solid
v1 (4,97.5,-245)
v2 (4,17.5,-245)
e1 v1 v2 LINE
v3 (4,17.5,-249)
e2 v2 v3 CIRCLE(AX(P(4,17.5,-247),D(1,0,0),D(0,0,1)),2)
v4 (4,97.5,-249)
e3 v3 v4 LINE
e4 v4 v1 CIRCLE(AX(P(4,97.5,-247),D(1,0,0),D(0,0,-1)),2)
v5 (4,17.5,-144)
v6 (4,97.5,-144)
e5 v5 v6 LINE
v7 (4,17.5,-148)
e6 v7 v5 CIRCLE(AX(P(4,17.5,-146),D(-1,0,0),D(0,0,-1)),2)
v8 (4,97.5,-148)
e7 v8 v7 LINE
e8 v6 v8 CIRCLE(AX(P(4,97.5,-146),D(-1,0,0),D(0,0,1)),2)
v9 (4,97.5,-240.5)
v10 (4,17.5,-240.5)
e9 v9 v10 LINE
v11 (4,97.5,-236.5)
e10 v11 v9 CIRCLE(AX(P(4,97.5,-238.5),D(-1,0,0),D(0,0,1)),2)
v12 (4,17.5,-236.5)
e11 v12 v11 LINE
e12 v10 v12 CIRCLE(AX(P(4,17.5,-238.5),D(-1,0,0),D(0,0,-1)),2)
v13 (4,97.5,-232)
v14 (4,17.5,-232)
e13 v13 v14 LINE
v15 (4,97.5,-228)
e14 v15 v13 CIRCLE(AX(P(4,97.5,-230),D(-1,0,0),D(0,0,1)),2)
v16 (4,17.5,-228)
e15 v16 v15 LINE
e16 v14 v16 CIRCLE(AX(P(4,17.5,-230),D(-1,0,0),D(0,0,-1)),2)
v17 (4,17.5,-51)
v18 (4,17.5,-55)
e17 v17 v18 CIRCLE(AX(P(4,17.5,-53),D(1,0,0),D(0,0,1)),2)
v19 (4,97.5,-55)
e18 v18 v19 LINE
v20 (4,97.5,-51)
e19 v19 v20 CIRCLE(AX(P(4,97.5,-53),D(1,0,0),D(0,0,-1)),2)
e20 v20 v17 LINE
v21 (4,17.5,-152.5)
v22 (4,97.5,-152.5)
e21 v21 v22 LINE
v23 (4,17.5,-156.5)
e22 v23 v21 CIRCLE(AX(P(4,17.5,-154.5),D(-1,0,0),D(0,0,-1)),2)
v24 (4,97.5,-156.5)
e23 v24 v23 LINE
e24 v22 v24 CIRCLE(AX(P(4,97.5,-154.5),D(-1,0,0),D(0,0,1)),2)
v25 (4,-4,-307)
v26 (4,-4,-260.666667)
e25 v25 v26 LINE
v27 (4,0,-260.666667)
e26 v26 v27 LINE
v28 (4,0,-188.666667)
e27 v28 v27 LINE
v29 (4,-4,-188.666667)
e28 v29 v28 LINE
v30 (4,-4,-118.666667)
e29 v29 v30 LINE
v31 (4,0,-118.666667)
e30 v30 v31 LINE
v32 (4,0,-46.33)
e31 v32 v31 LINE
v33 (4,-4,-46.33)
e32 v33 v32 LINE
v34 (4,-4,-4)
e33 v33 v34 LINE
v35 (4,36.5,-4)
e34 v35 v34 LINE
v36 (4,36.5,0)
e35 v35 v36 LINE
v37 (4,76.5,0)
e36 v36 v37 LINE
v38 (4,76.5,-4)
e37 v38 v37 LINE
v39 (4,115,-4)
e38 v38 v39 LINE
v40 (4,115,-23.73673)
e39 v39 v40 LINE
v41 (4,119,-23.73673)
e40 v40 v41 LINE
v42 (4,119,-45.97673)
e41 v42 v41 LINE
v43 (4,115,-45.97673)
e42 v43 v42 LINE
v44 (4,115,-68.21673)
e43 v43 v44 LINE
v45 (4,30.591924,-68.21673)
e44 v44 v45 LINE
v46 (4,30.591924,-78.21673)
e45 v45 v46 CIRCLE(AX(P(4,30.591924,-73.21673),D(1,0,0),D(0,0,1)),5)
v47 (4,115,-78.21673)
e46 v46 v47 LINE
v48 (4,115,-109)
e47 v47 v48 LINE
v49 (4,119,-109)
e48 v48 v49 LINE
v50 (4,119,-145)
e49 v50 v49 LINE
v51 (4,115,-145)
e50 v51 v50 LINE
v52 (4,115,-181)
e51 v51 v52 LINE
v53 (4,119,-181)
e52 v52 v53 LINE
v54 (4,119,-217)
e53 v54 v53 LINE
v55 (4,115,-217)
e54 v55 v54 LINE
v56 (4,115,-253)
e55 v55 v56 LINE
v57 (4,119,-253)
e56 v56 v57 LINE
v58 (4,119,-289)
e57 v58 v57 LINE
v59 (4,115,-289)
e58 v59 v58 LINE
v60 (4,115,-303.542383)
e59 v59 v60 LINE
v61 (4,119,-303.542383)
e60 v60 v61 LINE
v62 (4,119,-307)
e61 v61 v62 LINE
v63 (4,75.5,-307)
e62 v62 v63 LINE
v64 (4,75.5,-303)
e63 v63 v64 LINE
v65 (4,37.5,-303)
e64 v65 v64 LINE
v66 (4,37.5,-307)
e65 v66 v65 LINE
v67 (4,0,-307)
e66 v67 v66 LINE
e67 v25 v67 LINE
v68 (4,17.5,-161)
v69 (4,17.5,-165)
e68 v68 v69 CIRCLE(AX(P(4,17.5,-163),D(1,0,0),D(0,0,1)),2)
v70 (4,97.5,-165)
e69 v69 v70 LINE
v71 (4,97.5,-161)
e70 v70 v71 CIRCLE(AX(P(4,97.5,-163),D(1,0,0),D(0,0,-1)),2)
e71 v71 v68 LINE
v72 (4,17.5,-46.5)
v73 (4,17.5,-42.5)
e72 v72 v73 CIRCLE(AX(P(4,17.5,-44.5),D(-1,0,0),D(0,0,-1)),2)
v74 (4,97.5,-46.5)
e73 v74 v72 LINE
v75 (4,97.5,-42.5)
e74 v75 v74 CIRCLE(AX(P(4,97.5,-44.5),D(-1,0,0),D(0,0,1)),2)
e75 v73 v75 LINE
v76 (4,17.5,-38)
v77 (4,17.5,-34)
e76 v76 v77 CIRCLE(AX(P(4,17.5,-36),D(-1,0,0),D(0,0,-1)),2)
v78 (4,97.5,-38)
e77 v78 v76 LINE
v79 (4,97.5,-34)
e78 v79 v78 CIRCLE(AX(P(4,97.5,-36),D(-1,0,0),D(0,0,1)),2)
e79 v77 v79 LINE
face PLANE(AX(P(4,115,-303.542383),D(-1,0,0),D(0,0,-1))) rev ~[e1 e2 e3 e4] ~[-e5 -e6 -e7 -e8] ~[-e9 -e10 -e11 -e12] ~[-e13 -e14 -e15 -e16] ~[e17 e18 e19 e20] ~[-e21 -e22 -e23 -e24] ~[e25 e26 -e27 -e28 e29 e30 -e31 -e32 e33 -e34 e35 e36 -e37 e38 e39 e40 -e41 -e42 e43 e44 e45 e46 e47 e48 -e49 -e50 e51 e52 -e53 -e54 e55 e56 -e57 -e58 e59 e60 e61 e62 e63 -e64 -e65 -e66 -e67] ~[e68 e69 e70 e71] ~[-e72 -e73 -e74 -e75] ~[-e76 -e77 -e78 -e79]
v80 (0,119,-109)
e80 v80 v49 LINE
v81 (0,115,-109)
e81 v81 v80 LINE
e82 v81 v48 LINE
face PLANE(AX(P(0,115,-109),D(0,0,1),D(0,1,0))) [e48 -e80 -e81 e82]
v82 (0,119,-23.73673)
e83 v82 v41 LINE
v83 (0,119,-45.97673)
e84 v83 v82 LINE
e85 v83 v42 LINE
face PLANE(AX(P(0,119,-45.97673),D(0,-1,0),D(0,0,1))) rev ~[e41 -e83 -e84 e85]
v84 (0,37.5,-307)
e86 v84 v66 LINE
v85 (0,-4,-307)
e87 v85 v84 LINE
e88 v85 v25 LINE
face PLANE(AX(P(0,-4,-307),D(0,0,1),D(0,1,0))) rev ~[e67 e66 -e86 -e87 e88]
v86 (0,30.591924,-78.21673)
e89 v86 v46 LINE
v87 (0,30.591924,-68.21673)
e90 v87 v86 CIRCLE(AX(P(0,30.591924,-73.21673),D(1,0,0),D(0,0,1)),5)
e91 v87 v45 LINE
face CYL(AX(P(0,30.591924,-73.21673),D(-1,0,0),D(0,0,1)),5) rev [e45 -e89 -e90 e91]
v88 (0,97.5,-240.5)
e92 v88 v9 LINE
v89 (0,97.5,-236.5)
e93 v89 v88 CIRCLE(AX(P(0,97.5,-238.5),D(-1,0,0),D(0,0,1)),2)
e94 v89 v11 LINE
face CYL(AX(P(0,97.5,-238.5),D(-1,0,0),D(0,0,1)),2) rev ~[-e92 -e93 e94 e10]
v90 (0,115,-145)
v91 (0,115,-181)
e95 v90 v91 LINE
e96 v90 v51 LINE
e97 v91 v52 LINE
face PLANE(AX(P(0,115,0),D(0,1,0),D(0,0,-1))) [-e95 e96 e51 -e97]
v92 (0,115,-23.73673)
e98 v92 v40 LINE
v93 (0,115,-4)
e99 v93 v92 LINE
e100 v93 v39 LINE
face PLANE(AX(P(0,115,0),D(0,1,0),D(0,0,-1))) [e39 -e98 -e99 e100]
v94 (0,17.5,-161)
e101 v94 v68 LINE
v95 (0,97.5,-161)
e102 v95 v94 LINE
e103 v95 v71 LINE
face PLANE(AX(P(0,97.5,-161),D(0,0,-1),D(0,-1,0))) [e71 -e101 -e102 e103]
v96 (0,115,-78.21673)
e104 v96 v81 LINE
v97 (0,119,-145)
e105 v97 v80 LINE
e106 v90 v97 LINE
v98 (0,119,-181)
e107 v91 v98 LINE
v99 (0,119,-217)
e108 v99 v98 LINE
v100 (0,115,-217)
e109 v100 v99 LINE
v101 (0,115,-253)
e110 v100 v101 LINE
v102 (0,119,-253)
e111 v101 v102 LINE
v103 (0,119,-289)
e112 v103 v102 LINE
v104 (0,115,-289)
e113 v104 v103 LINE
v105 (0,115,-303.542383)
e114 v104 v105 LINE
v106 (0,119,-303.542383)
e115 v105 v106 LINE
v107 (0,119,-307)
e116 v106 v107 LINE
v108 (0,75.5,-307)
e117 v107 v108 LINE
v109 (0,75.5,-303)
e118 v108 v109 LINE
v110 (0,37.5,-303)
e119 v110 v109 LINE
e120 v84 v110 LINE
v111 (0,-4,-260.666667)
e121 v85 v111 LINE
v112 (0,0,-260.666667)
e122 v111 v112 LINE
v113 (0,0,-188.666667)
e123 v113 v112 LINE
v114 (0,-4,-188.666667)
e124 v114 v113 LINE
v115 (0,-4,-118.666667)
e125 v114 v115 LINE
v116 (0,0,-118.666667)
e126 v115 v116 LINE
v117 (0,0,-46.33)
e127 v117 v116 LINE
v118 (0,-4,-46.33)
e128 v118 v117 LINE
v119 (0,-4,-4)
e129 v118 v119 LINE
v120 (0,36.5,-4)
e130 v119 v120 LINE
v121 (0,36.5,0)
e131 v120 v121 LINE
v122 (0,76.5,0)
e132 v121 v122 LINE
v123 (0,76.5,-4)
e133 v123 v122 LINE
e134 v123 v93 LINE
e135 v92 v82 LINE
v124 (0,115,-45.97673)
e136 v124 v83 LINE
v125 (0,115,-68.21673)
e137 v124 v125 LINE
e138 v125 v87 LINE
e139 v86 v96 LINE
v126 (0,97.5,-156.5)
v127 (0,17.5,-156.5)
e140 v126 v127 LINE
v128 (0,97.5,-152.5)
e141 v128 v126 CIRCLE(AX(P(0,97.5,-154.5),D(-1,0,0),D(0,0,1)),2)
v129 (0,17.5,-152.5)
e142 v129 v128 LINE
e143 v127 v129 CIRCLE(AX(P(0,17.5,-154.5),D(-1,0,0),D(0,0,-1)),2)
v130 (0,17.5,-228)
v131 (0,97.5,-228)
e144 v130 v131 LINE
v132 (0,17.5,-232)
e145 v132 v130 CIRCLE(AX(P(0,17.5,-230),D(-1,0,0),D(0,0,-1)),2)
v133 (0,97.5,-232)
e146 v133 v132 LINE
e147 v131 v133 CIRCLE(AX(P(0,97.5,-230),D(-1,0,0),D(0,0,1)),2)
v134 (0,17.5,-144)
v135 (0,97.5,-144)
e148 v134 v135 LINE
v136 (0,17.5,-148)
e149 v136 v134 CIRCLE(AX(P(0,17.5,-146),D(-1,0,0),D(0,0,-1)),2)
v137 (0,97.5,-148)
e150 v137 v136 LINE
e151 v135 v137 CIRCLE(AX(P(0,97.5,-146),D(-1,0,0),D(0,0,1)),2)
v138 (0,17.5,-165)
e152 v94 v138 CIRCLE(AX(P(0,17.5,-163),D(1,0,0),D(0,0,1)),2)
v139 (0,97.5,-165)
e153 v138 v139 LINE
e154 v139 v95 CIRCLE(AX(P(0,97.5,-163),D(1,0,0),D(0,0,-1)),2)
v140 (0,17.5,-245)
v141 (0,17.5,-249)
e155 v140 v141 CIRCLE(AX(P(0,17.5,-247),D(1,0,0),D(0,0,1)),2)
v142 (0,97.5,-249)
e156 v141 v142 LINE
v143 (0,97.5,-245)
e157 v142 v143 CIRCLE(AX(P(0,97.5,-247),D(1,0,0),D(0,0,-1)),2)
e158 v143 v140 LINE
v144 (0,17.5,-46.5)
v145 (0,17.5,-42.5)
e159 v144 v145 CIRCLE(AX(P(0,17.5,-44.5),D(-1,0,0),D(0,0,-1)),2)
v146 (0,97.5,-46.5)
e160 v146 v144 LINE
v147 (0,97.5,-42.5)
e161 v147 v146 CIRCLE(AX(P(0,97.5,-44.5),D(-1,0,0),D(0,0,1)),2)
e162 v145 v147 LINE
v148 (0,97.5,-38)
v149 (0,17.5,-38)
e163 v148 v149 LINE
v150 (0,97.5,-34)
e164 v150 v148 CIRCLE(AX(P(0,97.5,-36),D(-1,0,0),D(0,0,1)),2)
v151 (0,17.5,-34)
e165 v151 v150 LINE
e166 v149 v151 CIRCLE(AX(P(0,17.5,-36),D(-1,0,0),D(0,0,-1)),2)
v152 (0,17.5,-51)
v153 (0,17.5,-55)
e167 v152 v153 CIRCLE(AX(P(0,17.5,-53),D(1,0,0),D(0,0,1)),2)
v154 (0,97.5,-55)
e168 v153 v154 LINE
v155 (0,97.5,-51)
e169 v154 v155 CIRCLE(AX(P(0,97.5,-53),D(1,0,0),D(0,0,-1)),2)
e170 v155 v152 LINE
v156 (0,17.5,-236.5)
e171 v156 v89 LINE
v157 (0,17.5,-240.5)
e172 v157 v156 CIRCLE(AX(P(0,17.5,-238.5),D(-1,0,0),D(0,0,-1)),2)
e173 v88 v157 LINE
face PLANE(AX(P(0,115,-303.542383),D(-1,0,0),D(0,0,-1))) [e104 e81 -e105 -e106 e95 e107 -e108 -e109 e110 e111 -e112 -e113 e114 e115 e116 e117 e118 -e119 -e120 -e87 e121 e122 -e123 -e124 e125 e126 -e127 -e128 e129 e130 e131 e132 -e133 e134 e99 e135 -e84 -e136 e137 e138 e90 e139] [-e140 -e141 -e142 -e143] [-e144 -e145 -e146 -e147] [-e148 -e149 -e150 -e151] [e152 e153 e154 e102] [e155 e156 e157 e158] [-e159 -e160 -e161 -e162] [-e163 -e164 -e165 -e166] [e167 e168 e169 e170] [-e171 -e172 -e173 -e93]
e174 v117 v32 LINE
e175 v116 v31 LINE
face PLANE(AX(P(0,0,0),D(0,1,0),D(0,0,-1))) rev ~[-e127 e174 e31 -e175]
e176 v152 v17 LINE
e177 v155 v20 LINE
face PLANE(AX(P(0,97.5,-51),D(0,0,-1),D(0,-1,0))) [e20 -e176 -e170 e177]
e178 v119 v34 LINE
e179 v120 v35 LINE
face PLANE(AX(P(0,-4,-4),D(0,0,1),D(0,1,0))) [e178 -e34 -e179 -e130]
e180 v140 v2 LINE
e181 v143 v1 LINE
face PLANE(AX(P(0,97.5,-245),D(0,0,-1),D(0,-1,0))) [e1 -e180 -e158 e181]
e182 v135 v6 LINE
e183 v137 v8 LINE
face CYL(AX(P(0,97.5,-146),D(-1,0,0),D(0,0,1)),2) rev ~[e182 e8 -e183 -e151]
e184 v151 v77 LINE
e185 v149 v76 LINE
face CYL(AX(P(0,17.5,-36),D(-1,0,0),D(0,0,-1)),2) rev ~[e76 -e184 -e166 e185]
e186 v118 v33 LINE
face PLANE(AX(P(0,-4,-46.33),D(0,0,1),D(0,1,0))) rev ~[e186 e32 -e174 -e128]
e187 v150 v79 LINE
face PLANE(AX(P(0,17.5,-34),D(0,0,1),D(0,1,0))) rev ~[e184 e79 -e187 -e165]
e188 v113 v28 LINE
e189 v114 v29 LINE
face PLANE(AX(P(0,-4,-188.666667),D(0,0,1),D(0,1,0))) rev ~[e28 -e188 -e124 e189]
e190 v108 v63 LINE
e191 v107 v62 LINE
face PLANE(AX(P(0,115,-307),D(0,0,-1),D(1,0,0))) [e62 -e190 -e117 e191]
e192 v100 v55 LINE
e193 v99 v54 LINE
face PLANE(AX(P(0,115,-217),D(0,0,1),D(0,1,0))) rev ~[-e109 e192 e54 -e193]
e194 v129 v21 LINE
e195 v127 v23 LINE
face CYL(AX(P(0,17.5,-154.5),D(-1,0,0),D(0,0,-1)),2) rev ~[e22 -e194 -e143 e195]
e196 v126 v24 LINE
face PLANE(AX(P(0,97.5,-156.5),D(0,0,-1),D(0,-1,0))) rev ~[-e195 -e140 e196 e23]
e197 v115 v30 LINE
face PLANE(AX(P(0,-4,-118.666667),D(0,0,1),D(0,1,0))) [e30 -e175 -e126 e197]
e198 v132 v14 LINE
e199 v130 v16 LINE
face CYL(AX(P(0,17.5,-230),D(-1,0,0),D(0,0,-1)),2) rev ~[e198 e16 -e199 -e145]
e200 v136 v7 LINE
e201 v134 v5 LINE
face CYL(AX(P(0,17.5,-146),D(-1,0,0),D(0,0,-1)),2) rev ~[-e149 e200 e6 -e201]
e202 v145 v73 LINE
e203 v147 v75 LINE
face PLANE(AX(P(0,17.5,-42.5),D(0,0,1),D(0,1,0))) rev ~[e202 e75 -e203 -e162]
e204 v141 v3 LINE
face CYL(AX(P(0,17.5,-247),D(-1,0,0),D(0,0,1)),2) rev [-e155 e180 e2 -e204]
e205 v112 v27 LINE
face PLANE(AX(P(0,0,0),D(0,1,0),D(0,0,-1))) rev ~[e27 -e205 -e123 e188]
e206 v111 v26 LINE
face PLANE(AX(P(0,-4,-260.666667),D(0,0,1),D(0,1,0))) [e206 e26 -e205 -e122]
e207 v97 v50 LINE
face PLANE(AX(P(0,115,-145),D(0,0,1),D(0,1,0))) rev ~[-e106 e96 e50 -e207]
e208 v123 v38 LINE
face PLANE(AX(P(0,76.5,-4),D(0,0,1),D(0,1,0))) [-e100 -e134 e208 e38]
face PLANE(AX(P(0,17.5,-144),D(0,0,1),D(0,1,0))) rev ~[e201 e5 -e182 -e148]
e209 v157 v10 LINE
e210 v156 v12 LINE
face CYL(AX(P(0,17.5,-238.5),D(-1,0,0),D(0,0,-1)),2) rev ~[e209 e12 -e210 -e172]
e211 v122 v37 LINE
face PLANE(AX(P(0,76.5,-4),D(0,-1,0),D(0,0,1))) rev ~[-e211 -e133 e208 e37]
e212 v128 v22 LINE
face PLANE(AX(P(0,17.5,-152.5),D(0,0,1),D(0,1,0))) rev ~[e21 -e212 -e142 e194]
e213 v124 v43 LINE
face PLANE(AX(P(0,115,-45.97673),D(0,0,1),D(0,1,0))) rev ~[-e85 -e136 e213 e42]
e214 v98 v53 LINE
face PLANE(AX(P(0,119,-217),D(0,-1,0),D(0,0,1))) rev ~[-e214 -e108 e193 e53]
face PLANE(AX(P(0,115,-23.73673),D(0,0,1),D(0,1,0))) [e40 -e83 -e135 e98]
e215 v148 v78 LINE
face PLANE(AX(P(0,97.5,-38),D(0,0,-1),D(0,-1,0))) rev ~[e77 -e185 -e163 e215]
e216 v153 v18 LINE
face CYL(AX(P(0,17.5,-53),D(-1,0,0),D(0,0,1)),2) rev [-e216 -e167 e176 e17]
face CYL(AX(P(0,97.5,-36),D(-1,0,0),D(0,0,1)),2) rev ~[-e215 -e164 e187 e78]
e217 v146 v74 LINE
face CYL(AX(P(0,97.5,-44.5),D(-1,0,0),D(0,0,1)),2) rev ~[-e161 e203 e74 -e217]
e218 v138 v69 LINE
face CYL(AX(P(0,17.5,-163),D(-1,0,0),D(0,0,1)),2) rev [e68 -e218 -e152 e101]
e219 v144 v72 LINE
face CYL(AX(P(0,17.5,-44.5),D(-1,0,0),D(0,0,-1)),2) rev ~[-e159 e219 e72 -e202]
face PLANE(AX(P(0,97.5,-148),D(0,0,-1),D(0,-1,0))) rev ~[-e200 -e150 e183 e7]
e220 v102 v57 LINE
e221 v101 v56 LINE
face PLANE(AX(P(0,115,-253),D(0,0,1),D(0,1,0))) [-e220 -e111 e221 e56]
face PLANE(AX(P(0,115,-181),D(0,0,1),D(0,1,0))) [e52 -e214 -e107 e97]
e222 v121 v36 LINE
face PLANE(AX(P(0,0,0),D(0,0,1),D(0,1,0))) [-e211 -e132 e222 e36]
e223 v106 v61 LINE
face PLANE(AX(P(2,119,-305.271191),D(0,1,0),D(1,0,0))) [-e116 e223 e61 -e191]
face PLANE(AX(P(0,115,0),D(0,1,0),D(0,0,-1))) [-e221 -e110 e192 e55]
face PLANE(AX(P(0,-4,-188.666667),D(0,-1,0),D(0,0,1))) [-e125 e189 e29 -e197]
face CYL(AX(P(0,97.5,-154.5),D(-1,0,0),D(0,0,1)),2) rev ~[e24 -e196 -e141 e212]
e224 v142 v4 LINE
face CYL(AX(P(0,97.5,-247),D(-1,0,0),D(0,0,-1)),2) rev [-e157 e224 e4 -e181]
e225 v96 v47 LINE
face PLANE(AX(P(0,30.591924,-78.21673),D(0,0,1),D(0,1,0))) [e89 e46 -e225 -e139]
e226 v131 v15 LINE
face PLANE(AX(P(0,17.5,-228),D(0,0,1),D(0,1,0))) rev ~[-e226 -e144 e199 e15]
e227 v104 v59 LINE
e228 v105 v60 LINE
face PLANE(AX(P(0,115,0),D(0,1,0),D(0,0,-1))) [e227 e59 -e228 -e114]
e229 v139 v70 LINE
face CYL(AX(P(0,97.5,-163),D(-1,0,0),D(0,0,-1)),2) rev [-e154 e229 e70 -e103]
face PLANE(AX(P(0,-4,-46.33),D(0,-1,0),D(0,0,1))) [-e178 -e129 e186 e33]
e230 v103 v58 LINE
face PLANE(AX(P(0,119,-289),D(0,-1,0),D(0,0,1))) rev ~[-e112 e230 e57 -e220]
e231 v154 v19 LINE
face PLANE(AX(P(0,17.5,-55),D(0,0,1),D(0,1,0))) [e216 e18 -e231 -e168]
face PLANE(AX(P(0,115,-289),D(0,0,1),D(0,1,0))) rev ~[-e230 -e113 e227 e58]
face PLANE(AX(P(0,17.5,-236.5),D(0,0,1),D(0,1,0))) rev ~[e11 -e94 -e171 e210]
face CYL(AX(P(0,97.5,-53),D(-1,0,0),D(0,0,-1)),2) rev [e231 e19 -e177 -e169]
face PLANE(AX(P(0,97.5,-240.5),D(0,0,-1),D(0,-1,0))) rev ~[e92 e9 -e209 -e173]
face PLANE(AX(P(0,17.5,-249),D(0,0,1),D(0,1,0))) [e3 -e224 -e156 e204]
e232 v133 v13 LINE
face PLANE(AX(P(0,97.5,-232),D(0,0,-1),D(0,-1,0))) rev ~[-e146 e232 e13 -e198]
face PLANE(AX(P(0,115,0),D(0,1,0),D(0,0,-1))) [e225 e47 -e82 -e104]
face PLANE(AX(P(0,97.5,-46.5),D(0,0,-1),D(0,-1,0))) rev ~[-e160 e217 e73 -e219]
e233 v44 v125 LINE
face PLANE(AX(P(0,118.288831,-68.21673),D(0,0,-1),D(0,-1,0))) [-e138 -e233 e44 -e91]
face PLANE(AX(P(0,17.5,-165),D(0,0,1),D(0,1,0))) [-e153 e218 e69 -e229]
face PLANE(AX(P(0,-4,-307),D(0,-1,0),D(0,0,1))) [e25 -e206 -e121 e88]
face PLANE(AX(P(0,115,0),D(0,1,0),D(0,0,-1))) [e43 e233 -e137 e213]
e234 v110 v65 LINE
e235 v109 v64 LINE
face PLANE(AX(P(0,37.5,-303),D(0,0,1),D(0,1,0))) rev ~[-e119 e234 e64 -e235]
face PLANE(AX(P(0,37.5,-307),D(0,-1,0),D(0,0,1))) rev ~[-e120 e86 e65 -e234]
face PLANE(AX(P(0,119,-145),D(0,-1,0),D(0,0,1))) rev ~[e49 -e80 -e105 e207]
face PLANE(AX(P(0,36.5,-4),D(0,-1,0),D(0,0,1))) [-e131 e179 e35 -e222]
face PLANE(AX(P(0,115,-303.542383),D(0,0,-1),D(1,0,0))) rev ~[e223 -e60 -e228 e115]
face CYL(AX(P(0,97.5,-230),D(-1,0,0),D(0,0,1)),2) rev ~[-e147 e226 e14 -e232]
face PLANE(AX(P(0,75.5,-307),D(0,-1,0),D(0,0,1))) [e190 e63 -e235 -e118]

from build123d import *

# Parameters (mm, degrees)
SKETCH1_W           = 307
SKETCH1_H           = 115
BOSS_EXTRUDE1_DEPTH = 4
CUT_EXTRUDE1_DEPTH  = 4
SKETCH3_W           = 4
SKETCH3_H           = 40.5
SKETCH3_H_2         = 38.5
CUT_EXTRUDE2_DEPTH  = 4
SKETCH4_W           = 46.333333333
SKETCH4_H           = 4
SKETCH4_W_2         = 42.33
BOSS_EXTRUDE3_DEPTH = 4
SKETCH5_W           = 36
SKETCH5_H           = 4
BOSS_EXTRUDE4_DEPTH = 4
SKETCH7_W           = 22.24
SKETCH7_H           = 4
BOSS_EXTRUDE6_DEPTH = 4
SKETCH8_W           = 4
SKETCH8_H           = 38
CUT_EXTRUDE3_DEPTH  = 4
LPATTERN1_COUNT     = 3
LPATTERN1_PITCH     = 72
SKETCH9_W           = 70
SKETCH9_H           = 4
BOSS_EXTRUDE7_DEPTH = 4
CUT_EXTRUDE4_DEPTH  = 4
LPATTERN2_COUNT     = 2
LPATTERN2_PITCH     = 84
LPATTERN3_COUNT     = 2
LPATTERN3_PITCH     = 194
SKETCH11_W          = 4
SKETCH11_H          = 3.457617008
BOSS_EXTRUDE8_DEPTH = 4


with BuildPart() as part:
    # Sketch1 → Boss-Extrude1 (new body)
    with BuildSketch(Plane(origin=(0, 0, 0), x_dir=(0, 0, -1), z_dir=(1, 0, 0))):
        with Locations((153.5, 57.5)):
            Rectangle(SKETCH1_W, SKETCH1_H)
    extrude(amount=BOSS_EXTRUDE1_DEPTH)

    # Sketch2 → Cut-Extrude1 (cut)
    with BuildSketch(Plane.ZY):
        with BuildLine():
            Line((-78.216729868, 30.591924331), (-78.216729868, 118.288831206))
            Line((-78.216729868, 118.288831206), (-68.216729868, 118.288831206))
            Line((-68.216729868, 118.288831206), (-68.216729868, 30.591924331))
            ThreePointArc((-68.216729868, 30.591924331), (-73.216729868, 25.591924331), (-78.216729868, 30.591924331))
        make_face()
    extrude(amount=-CUT_EXTRUDE1_DEPTH, mode=Mode.SUBTRACT)

    # Sketch3 → Cut-Extrude2 (cut)
    with BuildSketch(Plane.ZY):
        with Locations((-2, 16.25)):
            Rectangle(SKETCH3_W, SKETCH3_H)
        with Locations((-2, 95.75)):
            Rectangle(SKETCH3_W, SKETCH3_H_2)
    extrude(amount=-CUT_EXTRUDE2_DEPTH, mode=Mode.SUBTRACT)

    # Sketch4 → Boss-Extrude3 (add)
    with BuildSketch(Plane.ZY):
        with Locations((-283.833333334, -2)):
            Rectangle(SKETCH4_W, SKETCH4_H)
        with Locations((-25.165, -2)):
            Rectangle(SKETCH4_W_2, SKETCH4_H)
    extrude(amount=-BOSS_EXTRUDE3_DEPTH)

    # Sketch5 → Boss-Extrude4 (add)
    with BuildSketch(Plane.ZY):
        with Locations((-271, 117)):
            Rectangle(SKETCH5_W, SKETCH5_H)
    boss_extrude4 = extrude(amount=-BOSS_EXTRUDE4_DEPTH)

    # Sketch7 → Boss-Extrude6 (add)
    with BuildSketch(Plane.ZY):
        with Locations((-34.856729868, 117)):
            Rectangle(SKETCH7_W, SKETCH7_H)
    extrude(amount=-BOSS_EXTRUDE6_DEPTH)

    # Sketch8 → Cut-Extrude3 (cut)
    with BuildSketch(Plane.ZY):
        with Locations((-305, 56.5)):
            Rectangle(SKETCH8_W, SKETCH8_H)
    extrude(amount=-CUT_EXTRUDE3_DEPTH, mode=Mode.SUBTRACT)

    # LPattern1: Boss-Extrude4 ×3
    with Locations(*[(0, 0, i * LPATTERN1_PITCH) for i in range(1, LPATTERN1_COUNT)]):
        add(boss_extrude4)

    # Sketch9 → Boss-Extrude7 (add)
    with BuildSketch(Plane.ZY):
        with Locations((-153.666666667, -2)):
            Rectangle(SKETCH9_W, SKETCH9_H)
    extrude(amount=-BOSS_EXTRUDE7_DEPTH)

    # Sketch10 → Cut-Extrude4 (cut)
    with BuildSketch(Plane.ZY):
        with BuildLine():
            Line((-245, 97.5), (-245, 17.5))
            ThreePointArc((-245, 17.5), (-247, 15.5), (-249, 17.5))
            Line((-249, 17.5), (-249, 97.5))
            ThreePointArc((-249, 97.5), (-247, 99.5), (-245, 97.5))
        make_face()
        with BuildLine():
            Line((-240.5, 97.5), (-240.5, 17.5))
            ThreePointArc((-240.5, 17.5), (-238.5, 15.5), (-236.5, 17.5))
            Line((-236.5, 17.5), (-236.5, 97.5))
            ThreePointArc((-236.5, 97.5), (-238.5, 99.5), (-240.5, 97.5))
        make_face()
        with BuildLine():
            Line((-232, 97.5), (-232, 17.5))
            ThreePointArc((-232, 17.5), (-230, 15.5), (-228, 17.5))
            Line((-228, 17.5), (-228, 97.5))
            ThreePointArc((-228, 97.5), (-230, 99.5), (-232, 97.5))
        make_face()
    cut_extrude4 = extrude(amount=-CUT_EXTRUDE4_DEPTH, mode=Mode.SUBTRACT)

    # LPattern2: Cut-Extrude4 ×2
    with Locations(*[(0, 0, i * LPATTERN2_PITCH) for i in range(1, LPATTERN2_COUNT)]):
        add(cut_extrude4, mode=Mode.SUBTRACT)

    # LPattern3: Cut-Extrude4 ×2
    with Locations(*[(0, 0, i * LPATTERN3_PITCH) for i in range(1, LPATTERN3_COUNT)]):
        add(cut_extrude4, mode=Mode.SUBTRACT)

    # Sketch11 → Boss-Extrude8 (add)
    with BuildSketch(Plane(origin=(0, 115, 0), x_dir=(1, 0, 0), z_dir=(0, 1, 0))):
        with Locations((2, 305.271191496)):
            Rectangle(SKETCH11_W, SKETCH11_H)
    extrude(amount=BOSS_EXTRUDE8_DEPTH)


solid = part.part
